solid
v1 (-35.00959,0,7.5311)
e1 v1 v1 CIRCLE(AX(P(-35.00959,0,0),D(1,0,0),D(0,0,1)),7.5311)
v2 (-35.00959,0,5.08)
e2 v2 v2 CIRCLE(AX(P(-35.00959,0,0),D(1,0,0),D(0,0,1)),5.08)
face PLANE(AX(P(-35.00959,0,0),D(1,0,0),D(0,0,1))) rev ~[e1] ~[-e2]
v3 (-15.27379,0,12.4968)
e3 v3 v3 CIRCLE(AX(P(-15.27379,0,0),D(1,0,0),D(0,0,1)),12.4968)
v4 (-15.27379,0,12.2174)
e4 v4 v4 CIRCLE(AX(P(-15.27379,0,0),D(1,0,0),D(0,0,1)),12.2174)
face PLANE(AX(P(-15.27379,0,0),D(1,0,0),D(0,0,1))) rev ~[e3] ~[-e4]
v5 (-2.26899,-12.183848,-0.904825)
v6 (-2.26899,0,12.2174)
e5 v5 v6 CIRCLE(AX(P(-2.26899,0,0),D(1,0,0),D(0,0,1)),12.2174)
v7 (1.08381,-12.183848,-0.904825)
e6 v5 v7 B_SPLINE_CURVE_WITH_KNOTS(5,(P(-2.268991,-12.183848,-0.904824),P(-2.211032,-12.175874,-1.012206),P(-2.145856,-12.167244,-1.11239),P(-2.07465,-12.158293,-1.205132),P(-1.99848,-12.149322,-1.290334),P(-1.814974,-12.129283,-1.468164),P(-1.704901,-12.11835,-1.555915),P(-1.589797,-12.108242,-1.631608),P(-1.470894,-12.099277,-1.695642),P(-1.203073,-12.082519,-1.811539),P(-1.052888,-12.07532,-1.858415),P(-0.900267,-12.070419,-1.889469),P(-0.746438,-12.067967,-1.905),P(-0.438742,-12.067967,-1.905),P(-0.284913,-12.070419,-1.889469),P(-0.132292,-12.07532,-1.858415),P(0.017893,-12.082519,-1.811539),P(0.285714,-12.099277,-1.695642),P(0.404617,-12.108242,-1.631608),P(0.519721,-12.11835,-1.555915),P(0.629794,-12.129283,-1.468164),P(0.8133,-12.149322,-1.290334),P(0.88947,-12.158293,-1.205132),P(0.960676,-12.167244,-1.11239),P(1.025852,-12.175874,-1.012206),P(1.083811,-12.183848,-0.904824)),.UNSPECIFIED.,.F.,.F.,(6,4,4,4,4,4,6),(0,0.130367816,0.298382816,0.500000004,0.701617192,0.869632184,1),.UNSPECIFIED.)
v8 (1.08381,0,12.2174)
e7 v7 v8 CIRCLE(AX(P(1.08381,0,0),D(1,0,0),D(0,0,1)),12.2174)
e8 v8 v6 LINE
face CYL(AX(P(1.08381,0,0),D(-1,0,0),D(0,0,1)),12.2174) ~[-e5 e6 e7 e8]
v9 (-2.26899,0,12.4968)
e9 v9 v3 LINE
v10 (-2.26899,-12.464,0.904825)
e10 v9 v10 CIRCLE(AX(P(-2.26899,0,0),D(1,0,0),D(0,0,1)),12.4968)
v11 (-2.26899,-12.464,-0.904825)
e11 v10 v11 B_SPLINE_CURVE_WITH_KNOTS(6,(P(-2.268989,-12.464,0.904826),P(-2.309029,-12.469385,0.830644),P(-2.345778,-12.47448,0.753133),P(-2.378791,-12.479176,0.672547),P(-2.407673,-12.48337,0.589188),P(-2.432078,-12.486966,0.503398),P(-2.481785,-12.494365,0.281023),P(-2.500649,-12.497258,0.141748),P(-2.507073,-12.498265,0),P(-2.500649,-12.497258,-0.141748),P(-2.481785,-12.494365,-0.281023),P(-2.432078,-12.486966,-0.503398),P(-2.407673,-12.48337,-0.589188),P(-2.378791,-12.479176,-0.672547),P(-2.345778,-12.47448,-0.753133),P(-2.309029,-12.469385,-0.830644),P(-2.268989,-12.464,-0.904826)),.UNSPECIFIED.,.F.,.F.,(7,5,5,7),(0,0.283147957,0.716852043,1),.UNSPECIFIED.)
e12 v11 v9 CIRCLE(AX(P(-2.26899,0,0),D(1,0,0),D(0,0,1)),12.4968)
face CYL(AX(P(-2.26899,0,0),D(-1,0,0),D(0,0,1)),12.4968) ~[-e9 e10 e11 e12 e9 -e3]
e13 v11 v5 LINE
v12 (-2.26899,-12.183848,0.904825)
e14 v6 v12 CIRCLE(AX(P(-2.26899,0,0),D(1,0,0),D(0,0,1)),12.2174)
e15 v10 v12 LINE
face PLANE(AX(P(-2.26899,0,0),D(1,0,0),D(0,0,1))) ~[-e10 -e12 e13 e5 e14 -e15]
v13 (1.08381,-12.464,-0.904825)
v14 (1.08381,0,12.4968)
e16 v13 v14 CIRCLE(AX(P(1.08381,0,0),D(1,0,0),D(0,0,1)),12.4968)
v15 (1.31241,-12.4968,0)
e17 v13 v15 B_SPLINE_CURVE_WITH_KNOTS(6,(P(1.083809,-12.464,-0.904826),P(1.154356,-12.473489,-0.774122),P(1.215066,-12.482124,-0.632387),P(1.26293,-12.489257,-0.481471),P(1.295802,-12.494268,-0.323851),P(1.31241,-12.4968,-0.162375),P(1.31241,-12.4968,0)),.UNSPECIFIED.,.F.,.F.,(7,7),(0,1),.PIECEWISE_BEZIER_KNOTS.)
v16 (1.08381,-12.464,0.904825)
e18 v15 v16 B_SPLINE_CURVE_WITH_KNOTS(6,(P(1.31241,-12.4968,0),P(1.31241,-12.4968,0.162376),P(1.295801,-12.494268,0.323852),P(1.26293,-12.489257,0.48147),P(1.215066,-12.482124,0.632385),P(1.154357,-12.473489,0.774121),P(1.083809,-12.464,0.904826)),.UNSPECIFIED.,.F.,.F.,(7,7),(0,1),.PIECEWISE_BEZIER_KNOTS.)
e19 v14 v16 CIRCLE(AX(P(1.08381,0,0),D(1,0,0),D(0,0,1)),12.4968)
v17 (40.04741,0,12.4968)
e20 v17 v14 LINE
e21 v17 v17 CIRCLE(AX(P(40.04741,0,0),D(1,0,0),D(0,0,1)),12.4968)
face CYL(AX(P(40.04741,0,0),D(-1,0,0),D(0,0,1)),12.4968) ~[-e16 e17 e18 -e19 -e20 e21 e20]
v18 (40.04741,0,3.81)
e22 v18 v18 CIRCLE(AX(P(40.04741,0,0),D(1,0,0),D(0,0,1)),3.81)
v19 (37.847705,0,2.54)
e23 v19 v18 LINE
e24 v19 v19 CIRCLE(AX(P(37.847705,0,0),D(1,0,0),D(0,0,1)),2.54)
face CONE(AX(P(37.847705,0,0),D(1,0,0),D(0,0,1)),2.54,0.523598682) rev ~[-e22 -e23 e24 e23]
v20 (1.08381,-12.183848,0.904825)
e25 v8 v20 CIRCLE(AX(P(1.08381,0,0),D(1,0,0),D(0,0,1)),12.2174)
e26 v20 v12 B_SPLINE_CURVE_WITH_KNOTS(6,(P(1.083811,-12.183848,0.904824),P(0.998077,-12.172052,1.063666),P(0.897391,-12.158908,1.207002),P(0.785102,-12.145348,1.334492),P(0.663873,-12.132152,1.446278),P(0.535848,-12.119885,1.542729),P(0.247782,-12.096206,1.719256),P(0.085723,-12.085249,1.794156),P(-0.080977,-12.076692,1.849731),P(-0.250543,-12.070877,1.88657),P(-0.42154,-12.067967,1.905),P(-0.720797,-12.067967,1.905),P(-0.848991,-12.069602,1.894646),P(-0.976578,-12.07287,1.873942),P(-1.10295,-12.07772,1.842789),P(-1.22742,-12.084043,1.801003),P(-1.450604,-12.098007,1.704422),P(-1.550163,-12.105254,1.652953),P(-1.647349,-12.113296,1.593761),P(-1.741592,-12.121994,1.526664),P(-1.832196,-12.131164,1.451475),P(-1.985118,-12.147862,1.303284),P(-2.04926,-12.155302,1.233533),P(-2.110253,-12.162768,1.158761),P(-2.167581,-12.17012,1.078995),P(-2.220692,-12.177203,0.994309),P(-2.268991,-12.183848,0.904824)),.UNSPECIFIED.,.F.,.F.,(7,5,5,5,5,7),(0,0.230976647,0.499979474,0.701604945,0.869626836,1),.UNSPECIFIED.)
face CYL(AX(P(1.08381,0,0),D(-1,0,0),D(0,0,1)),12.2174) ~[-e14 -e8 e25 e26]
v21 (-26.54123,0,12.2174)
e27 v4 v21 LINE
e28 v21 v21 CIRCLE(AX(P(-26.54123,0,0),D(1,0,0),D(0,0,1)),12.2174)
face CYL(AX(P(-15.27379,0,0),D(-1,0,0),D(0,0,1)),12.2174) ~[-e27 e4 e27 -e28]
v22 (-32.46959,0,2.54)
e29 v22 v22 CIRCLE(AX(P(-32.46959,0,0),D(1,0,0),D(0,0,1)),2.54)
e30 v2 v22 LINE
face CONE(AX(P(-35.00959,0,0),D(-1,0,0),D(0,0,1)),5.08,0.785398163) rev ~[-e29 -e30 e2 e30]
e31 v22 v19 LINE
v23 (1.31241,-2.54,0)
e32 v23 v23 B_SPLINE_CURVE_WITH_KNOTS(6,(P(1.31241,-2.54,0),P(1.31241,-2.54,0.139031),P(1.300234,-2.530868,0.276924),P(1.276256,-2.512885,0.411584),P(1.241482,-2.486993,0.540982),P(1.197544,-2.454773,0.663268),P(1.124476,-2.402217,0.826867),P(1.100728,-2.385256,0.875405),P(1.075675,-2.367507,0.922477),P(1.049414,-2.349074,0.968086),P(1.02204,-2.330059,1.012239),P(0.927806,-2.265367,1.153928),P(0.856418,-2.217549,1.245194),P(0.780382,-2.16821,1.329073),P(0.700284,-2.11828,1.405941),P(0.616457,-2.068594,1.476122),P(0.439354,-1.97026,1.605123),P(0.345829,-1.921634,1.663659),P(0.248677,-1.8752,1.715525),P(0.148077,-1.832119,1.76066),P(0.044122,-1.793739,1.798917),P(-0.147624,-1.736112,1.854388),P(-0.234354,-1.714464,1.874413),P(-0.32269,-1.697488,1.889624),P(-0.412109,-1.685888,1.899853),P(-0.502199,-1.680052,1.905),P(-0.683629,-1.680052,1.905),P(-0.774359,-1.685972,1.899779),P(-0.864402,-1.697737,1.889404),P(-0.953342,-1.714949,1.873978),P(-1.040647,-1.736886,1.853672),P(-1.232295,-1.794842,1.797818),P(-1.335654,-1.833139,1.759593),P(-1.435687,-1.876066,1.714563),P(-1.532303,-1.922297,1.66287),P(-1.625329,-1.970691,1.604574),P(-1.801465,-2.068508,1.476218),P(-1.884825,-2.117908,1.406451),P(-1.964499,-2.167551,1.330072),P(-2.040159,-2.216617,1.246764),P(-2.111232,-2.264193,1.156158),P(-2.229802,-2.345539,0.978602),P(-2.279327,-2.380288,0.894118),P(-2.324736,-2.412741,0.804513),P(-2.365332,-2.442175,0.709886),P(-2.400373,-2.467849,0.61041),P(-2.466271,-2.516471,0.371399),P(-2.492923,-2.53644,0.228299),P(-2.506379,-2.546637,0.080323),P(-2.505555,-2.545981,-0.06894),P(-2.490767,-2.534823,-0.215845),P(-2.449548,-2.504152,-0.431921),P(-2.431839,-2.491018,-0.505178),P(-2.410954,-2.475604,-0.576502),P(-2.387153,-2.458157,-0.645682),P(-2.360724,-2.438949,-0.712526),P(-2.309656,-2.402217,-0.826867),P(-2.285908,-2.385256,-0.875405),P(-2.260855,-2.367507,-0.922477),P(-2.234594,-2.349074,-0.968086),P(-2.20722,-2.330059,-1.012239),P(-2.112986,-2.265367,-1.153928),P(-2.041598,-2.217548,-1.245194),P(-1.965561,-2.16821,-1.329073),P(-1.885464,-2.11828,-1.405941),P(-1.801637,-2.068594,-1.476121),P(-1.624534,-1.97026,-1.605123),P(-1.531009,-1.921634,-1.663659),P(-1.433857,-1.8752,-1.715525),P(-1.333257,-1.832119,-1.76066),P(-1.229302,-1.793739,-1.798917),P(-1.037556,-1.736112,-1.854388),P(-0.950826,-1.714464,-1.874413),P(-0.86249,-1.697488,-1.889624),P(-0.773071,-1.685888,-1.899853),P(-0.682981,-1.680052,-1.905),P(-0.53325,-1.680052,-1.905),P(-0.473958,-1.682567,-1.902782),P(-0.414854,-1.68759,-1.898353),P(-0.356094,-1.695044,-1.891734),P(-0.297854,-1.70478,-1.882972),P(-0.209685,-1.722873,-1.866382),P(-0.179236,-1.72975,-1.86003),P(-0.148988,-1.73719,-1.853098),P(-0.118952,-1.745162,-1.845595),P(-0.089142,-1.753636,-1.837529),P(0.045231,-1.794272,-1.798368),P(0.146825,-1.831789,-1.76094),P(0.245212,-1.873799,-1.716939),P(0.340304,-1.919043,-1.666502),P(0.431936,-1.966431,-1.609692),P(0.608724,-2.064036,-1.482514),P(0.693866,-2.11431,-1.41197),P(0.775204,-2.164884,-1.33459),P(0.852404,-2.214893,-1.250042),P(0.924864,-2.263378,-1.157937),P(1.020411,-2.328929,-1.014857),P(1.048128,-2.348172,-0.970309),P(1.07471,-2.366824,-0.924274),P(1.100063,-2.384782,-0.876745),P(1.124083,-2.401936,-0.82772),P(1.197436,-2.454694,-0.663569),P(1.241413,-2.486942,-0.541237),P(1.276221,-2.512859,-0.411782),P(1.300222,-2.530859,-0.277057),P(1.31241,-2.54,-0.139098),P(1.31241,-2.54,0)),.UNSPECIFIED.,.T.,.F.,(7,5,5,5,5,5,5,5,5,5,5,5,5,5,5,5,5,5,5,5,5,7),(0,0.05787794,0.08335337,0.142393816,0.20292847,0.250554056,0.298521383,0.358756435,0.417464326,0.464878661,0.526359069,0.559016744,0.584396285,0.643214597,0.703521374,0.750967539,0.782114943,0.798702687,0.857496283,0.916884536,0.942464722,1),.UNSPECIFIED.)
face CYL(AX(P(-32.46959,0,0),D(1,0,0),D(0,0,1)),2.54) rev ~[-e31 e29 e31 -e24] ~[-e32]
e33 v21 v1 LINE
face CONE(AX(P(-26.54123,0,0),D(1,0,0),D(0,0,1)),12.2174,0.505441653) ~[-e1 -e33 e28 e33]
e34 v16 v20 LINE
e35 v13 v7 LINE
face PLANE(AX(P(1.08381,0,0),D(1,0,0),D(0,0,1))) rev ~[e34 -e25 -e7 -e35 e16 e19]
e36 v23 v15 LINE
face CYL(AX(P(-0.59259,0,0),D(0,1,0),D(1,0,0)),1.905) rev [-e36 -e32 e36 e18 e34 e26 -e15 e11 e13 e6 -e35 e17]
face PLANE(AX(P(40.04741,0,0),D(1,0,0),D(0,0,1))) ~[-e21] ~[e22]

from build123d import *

# Parameters (mm, degrees)
F2_R     = 1.905
F3_DEPTH = 25.4


with BuildPart() as f1:
    # F0 (on Front) → F1 (revolve)
    with BuildSketch(Plane.XZ):
        Polygon((-35.00959, 7.5311), (-35.00959, 5.08), (-32.46959, 2.54), (37.847705, 2.54), (40.04741, 3.81), (40.04741, 12.4968), (1.08381, 12.4968), (1.08381, 12.2174), (-2.26899, 12.2174), (-2.26899, 12.4968), (-15.27379, 12.4968), (-15.27379, 12.2174), (-26.54123, 12.2174), align=None)
    revolve(axis=Axis((-1.885872, 0, 0), (1, 0, 0)))

    # F2 (on Front) → F3 (cut)
    with BuildSketch(Plane.XZ):
        with Locations((-0.59259, 0)):
            Circle(F2_R)
    extrude(amount=F3_DEPTH, mode=Mode.SUBTRACT)


solid = f1.part
